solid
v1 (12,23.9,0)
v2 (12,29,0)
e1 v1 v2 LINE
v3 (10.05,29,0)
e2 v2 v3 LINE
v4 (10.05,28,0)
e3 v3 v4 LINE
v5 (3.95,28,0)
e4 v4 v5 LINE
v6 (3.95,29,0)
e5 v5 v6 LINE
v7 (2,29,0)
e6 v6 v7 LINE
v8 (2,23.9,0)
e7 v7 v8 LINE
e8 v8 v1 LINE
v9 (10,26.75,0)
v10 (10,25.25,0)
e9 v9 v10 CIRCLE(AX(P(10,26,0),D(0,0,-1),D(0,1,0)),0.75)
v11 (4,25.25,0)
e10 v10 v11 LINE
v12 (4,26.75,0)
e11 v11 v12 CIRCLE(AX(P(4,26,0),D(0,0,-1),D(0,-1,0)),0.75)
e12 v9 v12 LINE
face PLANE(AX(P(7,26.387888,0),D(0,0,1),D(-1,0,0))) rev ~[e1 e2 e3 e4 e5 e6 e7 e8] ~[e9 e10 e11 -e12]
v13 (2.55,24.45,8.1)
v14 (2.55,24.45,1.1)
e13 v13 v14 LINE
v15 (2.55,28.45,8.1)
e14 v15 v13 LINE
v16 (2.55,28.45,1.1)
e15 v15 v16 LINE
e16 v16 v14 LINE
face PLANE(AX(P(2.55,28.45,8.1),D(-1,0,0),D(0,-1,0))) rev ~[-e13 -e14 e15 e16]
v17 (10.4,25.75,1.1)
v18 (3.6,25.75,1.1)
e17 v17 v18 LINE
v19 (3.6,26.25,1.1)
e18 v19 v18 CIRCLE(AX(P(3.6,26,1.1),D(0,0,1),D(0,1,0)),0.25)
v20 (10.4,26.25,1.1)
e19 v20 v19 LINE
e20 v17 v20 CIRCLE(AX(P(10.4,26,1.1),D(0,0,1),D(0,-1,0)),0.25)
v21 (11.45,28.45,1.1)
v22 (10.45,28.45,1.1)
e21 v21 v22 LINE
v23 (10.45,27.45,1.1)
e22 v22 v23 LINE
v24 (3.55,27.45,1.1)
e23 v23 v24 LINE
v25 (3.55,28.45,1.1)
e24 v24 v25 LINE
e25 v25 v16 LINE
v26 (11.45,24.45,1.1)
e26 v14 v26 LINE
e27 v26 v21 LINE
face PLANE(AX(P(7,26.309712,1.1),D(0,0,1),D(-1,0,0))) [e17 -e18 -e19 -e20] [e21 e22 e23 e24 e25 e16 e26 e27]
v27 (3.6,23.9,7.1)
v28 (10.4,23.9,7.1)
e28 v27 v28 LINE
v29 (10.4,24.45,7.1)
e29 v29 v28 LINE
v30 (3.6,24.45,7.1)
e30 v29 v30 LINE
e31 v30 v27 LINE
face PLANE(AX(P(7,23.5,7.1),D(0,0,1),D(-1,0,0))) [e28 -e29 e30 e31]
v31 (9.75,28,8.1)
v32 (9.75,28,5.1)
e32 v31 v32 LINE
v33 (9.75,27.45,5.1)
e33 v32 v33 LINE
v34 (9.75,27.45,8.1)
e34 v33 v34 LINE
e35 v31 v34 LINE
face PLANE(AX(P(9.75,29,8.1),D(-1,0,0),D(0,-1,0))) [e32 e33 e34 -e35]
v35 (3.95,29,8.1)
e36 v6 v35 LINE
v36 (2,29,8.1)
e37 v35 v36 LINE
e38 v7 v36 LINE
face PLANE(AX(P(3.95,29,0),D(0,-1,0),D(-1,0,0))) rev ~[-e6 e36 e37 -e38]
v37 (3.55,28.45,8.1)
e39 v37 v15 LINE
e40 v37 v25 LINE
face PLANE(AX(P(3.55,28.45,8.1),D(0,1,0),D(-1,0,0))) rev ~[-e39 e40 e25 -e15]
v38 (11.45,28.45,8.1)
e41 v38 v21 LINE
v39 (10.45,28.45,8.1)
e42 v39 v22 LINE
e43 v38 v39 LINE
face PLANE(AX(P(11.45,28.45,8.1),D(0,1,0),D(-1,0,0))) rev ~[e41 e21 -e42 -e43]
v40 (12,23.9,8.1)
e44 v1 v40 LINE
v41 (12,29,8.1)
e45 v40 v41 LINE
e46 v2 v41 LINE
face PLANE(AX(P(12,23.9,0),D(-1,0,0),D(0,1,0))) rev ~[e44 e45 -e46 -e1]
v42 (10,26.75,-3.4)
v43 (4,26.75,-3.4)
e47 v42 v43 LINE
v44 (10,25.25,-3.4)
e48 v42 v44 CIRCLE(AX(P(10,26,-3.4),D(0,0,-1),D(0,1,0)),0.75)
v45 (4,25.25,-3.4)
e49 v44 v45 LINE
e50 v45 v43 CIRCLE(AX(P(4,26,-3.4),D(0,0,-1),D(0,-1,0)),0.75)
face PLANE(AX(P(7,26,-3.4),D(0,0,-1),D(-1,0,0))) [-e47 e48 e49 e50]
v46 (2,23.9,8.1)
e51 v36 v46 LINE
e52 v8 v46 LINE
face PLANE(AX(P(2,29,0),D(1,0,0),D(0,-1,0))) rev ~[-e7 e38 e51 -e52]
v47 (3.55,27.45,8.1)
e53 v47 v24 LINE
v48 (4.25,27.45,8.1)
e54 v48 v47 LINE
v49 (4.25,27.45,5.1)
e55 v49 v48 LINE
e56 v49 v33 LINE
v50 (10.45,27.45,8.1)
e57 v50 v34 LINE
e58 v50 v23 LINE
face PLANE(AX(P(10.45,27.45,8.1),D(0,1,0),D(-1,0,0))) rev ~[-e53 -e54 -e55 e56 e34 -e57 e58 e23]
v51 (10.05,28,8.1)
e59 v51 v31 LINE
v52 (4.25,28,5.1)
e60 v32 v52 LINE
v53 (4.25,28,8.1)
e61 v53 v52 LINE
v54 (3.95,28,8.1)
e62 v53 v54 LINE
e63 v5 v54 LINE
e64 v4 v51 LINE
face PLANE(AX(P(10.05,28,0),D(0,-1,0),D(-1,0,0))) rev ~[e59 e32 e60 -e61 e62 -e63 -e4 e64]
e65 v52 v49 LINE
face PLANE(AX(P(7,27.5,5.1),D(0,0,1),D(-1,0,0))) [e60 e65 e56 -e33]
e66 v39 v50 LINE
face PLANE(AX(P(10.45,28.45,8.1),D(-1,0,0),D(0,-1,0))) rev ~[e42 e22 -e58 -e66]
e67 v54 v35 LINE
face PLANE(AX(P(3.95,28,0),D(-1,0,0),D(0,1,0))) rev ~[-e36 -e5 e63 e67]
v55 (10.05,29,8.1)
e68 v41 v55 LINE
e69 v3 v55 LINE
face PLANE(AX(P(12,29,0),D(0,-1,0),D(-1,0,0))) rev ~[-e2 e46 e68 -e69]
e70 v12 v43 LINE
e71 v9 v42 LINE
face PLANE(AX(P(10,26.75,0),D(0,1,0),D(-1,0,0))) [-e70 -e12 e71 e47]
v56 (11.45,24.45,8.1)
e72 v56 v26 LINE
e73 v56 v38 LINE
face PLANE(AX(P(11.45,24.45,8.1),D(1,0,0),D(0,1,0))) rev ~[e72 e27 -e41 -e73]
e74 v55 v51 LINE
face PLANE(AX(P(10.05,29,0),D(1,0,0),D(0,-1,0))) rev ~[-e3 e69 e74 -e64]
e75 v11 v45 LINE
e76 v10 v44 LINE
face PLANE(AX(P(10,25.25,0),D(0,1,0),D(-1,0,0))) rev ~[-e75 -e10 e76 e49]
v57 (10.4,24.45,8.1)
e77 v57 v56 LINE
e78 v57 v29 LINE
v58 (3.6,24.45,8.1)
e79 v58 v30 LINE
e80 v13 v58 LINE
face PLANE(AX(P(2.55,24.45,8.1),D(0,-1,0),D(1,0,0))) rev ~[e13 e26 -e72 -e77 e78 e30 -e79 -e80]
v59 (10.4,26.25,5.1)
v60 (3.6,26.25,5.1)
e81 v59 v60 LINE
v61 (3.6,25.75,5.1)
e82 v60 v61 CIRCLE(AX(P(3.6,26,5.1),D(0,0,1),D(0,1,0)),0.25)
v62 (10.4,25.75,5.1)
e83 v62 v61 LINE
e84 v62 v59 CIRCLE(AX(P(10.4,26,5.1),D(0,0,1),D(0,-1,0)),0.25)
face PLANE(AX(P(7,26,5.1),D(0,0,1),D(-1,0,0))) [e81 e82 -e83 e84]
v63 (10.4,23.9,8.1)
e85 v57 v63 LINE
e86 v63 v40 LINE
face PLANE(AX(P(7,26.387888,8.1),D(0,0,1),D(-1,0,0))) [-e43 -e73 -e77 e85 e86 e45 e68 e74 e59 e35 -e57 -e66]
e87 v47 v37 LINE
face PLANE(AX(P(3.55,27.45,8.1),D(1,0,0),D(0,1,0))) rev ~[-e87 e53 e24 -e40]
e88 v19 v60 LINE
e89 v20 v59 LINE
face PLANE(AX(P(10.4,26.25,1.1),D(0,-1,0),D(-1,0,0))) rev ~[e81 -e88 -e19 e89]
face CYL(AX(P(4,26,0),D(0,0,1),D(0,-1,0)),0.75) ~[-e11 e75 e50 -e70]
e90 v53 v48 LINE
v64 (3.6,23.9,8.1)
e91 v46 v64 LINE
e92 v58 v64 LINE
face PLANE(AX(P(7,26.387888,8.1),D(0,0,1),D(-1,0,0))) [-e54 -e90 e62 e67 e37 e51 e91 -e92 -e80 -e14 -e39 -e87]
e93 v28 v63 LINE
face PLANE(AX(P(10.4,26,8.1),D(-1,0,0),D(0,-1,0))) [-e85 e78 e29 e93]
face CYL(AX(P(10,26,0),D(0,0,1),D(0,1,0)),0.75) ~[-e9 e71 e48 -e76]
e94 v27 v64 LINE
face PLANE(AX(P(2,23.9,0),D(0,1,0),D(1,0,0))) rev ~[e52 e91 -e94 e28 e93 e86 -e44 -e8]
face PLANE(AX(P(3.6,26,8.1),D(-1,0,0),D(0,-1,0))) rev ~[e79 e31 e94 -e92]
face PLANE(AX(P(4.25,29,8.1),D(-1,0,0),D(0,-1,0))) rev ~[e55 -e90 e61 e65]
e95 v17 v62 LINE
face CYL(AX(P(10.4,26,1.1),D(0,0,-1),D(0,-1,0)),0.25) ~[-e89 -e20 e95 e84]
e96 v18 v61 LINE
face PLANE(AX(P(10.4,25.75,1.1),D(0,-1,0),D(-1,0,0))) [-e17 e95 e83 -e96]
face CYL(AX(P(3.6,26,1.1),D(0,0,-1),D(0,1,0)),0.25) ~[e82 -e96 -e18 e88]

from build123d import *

# Parameters (mm, degrees)
PAD005_DEPTH            = 8.1
POCKET003_DEPTH         = 7
SKETCH010_W             = 6.8
SKETCH010_H             = 5
POCKET004_DEPTH         = 1
SKETCH011_W             = 5.5
SKETCH011_H             = 3
POCKET005_DEPTH         = 3
PAD006_DEPTH            = 4
PAD014_DEPTH            = 3.4
BODY005_PLACEMENT_ANGLE = 180


with BuildPart() as part:
    # Sketch008 → Pad005 (new body)
    with BuildSketch(Plane.XY):
        Polygon((-5, 0), (-3.05, 0), (-3.05, 1), (3.05, 1), (3.05, 0), (5, 0), (5, 5.1), (-5, 5.1), align=None)
    extrude(amount=PAD005_DEPTH)

    # Sketch009 (on Face10 of Pad005) → Pocket003 (cut)
    with BuildSketch(Plane.XY.offset(8.1)):
        Polygon((-4.45, 0.55), (-3.45, 0.55), (-3.45, 1.55), (3.45, 1.55), (3.45, 0.55), (4.45, 0.55), (4.45, 4.55), (-4.45, 4.55), align=None)
    extrude(amount=-POCKET003_DEPTH, mode=Mode.SUBTRACT)

    # Sketch010 (on Face5 of Pocket003) → Pocket004 (cut)
    with BuildSketch(Plane.XY.offset(8.1)):
        with Locations((0, 5.5)):
            Rectangle(SKETCH010_W, SKETCH010_H)
    extrude(amount=-POCKET004_DEPTH, mode=Mode.SUBTRACT)

    # Sketch011 (on Face5 of Pocket004) → Pocket005 (cut)
    with BuildSketch(Plane.XY.offset(8.1)):
        with Locations((0, 1.5)):
            Rectangle(SKETCH011_W, SKETCH011_H)
    extrude(amount=-POCKET005_DEPTH, mode=Mode.SUBTRACT)

    # Sketch012 (on Face26 of Pocket005) → Pad006 (join)
    with BuildSketch(Plane.XY.offset(1.1)):
        with BuildLine():
            ThreePointArc((-3.4, 3.25), (-3.65, 3), (-3.4, 2.75))
            Line((-3.4, 2.75), (3.4, 2.75))
            ThreePointArc((3.4, 2.75), (3.65, 3), (3.4, 3.25))
            Line((-3.4, 3.25), (3.4, 3.25))
        make_face()
    extrude(amount=PAD006_DEPTH)

    # Sketch020 (on Face4 of Pad006) → Pad014 (join)
    with BuildSketch(Plane(origin=(0, 0, 0), x_dir=(1, 0, 0), z_dir=(0, 0, -1))):
        with BuildLine():
            ThreePointArc((-3, -2.25), (-3.75, -3), (-3, -3.75))
            Line((-3, -3.75), (3, -3.75))
            ThreePointArc((3, -3.75), (3.75, -3), (3, -2.25))
            Line((-3, -2.25), (3, -2.25))
        make_face()
    extrude(amount=PAD014_DEPTH)


with BuildPart() as part_1:
    # Body005 placement: moved
    add(part.part.moved(Location((-7, 29, 0))).rotate(Axis((-7, 29, 0), (0, 0, 1)), BODY005_PLACEMENT_ANGLE))


with BuildPart() as part_2:
    # Body007 placement: moved
    add(part_1.part.moved(Location((14, 0, 0))))


solid = part_2.part
